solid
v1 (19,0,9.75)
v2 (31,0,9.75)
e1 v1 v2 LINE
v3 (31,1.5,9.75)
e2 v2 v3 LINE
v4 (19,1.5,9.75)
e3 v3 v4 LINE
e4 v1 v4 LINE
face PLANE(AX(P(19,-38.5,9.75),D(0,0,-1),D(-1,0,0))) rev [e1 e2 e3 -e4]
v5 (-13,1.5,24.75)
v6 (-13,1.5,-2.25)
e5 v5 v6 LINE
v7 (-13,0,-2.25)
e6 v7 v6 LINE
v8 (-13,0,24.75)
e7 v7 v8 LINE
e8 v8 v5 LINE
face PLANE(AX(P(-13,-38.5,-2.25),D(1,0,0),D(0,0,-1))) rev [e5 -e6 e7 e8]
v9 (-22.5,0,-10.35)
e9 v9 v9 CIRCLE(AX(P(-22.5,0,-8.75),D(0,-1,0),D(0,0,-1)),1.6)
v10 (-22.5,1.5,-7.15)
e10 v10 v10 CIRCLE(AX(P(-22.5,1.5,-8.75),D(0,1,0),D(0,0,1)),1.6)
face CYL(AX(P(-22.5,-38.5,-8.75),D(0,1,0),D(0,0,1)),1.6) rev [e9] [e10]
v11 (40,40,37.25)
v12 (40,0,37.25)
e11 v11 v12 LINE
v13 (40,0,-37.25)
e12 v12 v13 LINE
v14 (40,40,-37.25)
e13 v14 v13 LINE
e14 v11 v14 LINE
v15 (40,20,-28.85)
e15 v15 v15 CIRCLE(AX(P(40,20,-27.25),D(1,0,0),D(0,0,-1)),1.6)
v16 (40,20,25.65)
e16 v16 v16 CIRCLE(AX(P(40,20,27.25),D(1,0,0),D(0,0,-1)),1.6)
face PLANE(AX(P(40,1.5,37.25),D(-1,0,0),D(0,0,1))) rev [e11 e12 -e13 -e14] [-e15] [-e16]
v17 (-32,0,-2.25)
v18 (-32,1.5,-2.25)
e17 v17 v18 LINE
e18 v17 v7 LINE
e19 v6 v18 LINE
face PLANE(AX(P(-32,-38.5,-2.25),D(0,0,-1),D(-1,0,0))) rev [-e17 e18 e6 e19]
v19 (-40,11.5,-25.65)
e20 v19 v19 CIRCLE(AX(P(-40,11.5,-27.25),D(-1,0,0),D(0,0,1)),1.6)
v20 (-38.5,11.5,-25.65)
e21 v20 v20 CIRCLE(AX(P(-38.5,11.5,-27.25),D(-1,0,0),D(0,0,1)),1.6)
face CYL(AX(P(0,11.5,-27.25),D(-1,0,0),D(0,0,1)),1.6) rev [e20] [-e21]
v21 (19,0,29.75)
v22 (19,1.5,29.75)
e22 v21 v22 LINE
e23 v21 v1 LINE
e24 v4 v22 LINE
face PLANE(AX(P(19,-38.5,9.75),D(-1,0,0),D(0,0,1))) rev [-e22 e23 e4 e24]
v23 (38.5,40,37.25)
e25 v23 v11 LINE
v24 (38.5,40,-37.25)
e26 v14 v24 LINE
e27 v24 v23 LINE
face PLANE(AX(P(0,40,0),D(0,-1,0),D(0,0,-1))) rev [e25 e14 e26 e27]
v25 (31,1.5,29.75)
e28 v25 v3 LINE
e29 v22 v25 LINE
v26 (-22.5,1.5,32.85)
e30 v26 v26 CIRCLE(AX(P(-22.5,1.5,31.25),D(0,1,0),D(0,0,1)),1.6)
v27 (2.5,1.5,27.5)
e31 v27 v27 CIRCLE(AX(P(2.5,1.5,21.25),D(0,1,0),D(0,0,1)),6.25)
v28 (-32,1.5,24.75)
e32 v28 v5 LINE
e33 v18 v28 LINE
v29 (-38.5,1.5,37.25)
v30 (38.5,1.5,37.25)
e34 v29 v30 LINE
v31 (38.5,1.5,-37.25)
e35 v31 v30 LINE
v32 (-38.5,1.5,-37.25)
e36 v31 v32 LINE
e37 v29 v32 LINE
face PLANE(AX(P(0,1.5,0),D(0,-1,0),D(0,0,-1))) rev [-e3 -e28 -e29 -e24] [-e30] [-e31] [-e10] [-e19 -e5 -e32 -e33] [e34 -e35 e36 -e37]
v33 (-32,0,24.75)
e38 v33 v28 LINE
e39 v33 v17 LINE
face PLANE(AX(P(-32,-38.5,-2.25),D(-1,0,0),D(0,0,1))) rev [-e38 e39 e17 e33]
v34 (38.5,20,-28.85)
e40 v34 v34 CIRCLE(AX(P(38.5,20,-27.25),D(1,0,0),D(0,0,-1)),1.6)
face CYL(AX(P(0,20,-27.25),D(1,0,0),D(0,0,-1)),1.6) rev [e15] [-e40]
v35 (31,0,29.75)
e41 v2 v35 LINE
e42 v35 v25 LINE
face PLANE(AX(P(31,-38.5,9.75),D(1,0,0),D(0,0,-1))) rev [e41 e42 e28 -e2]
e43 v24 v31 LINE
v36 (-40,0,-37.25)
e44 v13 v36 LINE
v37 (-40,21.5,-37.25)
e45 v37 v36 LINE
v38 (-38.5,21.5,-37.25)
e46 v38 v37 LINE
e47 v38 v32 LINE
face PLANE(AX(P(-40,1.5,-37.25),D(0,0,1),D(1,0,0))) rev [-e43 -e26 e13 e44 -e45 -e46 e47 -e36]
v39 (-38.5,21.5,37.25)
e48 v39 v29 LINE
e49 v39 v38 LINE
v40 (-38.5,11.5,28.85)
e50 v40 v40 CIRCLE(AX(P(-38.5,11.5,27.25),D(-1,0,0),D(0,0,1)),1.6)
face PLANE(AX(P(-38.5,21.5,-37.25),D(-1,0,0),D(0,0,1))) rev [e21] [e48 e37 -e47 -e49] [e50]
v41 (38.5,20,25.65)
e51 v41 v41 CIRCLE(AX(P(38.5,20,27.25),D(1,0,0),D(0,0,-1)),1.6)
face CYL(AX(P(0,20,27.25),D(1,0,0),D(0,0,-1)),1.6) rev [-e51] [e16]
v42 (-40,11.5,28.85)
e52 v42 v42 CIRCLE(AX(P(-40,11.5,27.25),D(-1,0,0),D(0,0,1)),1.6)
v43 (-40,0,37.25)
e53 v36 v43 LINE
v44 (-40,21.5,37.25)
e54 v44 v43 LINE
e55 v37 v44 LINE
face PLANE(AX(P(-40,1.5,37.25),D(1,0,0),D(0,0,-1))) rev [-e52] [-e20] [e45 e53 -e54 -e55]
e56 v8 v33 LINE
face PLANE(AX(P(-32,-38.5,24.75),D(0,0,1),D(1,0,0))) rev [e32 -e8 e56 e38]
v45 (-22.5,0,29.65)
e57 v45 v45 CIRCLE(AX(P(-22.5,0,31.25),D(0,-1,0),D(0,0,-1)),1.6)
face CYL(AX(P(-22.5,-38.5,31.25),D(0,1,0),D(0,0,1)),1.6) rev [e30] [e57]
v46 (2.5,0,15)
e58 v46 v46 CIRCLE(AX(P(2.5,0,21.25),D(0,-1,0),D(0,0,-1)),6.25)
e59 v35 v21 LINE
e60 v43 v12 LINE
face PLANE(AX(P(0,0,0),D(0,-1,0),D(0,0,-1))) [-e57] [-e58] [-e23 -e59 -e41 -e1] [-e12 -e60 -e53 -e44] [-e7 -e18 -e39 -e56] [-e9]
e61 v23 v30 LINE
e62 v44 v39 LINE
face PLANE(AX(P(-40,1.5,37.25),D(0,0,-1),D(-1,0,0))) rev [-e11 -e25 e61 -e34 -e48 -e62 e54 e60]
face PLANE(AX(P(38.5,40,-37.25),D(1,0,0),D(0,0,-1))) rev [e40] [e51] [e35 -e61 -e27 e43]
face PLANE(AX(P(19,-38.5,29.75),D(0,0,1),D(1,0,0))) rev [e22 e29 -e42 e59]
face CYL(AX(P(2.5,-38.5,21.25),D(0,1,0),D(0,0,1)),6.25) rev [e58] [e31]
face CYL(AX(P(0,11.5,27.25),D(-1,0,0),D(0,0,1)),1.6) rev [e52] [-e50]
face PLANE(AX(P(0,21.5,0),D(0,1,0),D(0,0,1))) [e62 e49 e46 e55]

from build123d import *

# Parameters (mm, degrees)
SKETCH1_W           = 80
SKETCH1_H           = 74.5
BOSS_EXTRUDE1_DEPTH = 1.5
SKETCH2_W           = 1.5
SKETCH2_H           = 74.5
BOSS_EXTRUDE2_DEPTH = 20
SKETCH3_W           = 1.5
SKETCH3_H           = 74.5
BOSS_EXTRUDE3_DEPTH = 38.5
SKETCH4_R           = 1.6
SKETCH4_R_2         = 6.25
SKETCH4_W           = 19
SKETCH4_H           = 27
SKETCH4_W_2         = 12
SKETCH4_H_2         = 20
CUT_EXTRUDE1_DEPTH  = 40
SKETCH5_R           = 1.6
CUT_EXTRUDE2_DEPTH  = 40
SKETCH6_R           = 1.6
CUT_EXTRUDE3_DEPTH  = 40


with BuildPart() as part:
    # Sketch1 → Boss-Extrude1 (new body)
    with BuildSketch(Plane(origin=(0, 0, 0), x_dir=(1, 0, 0), z_dir=(0, 1, 0))):
        Rectangle(SKETCH1_W, SKETCH1_H)
    extrude(amount=BOSS_EXTRUDE1_DEPTH)

    # Sketch2 → Boss-Extrude2 (add)
    with BuildSketch(Plane(origin=(0, 1.5, 0), x_dir=(1, 0, 0), z_dir=(0, 1, 0))):
        with Locations((-39.25, 0)):
            Rectangle(SKETCH2_W, SKETCH2_H)
    extrude(amount=BOSS_EXTRUDE2_DEPTH)

    # Sketch3 → Boss-Extrude3 (add)
    with BuildSketch(Plane(origin=(0, 1.5, 0), x_dir=(1, 0, 0), z_dir=(0, 1, 0))):
        with Locations((39.25, 0)):
            Rectangle(SKETCH3_W, SKETCH3_H)
    extrude(amount=BOSS_EXTRUDE3_DEPTH)

    # Sketch4 → Cut-Extrude1 (cut)
    with BuildSketch(Plane(origin=(0, 1.5, 0), x_dir=(1, 0, 0), z_dir=(0, 1, 0))):
        with Locations(Location((-22.5, 8.75, 0), (0, 0, 270))):
            Circle(SKETCH4_R)
        with Locations(Location((-22.5, -31.25, 0), (0, 0, 270))):
            Circle(SKETCH4_R)
        with Locations(Location((2.5, -21.25, 0), (0, 0, 270))):
            Circle(SKETCH4_R_2)
        with Locations((-22.5, -11.25)):
            Rectangle(SKETCH4_W, SKETCH4_H)
        with Locations((25, -19.75)):
            Rectangle(SKETCH4_W_2, SKETCH4_H_2)
    extrude(amount=-CUT_EXTRUDE1_DEPTH, mode=Mode.SUBTRACT)

    # Sketch5 → Cut-Extrude2 (cut)
    with BuildSketch(Plane.ZY.offset(40)):
        with Locations((27.25, 11.5)):
            Circle(SKETCH5_R)
        with Locations((-27.25, 11.5)):
            Circle(SKETCH5_R)
    extrude(amount=-CUT_EXTRUDE2_DEPTH, mode=Mode.SUBTRACT)

    # Sketch6 → Cut-Extrude3 (cut)
    with BuildSketch(Plane(origin=(40, 0, 0), x_dir=(0, 0, -1), z_dir=(1, 0, 0))):
        with Locations((-27.25, 20)):
            Circle(SKETCH6_R)
        with Locations((27.25, 20)):
            Circle(SKETCH6_R)
    extrude(amount=-CUT_EXTRUDE3_DEPTH, mode=Mode.SUBTRACT)


solid = part.part
